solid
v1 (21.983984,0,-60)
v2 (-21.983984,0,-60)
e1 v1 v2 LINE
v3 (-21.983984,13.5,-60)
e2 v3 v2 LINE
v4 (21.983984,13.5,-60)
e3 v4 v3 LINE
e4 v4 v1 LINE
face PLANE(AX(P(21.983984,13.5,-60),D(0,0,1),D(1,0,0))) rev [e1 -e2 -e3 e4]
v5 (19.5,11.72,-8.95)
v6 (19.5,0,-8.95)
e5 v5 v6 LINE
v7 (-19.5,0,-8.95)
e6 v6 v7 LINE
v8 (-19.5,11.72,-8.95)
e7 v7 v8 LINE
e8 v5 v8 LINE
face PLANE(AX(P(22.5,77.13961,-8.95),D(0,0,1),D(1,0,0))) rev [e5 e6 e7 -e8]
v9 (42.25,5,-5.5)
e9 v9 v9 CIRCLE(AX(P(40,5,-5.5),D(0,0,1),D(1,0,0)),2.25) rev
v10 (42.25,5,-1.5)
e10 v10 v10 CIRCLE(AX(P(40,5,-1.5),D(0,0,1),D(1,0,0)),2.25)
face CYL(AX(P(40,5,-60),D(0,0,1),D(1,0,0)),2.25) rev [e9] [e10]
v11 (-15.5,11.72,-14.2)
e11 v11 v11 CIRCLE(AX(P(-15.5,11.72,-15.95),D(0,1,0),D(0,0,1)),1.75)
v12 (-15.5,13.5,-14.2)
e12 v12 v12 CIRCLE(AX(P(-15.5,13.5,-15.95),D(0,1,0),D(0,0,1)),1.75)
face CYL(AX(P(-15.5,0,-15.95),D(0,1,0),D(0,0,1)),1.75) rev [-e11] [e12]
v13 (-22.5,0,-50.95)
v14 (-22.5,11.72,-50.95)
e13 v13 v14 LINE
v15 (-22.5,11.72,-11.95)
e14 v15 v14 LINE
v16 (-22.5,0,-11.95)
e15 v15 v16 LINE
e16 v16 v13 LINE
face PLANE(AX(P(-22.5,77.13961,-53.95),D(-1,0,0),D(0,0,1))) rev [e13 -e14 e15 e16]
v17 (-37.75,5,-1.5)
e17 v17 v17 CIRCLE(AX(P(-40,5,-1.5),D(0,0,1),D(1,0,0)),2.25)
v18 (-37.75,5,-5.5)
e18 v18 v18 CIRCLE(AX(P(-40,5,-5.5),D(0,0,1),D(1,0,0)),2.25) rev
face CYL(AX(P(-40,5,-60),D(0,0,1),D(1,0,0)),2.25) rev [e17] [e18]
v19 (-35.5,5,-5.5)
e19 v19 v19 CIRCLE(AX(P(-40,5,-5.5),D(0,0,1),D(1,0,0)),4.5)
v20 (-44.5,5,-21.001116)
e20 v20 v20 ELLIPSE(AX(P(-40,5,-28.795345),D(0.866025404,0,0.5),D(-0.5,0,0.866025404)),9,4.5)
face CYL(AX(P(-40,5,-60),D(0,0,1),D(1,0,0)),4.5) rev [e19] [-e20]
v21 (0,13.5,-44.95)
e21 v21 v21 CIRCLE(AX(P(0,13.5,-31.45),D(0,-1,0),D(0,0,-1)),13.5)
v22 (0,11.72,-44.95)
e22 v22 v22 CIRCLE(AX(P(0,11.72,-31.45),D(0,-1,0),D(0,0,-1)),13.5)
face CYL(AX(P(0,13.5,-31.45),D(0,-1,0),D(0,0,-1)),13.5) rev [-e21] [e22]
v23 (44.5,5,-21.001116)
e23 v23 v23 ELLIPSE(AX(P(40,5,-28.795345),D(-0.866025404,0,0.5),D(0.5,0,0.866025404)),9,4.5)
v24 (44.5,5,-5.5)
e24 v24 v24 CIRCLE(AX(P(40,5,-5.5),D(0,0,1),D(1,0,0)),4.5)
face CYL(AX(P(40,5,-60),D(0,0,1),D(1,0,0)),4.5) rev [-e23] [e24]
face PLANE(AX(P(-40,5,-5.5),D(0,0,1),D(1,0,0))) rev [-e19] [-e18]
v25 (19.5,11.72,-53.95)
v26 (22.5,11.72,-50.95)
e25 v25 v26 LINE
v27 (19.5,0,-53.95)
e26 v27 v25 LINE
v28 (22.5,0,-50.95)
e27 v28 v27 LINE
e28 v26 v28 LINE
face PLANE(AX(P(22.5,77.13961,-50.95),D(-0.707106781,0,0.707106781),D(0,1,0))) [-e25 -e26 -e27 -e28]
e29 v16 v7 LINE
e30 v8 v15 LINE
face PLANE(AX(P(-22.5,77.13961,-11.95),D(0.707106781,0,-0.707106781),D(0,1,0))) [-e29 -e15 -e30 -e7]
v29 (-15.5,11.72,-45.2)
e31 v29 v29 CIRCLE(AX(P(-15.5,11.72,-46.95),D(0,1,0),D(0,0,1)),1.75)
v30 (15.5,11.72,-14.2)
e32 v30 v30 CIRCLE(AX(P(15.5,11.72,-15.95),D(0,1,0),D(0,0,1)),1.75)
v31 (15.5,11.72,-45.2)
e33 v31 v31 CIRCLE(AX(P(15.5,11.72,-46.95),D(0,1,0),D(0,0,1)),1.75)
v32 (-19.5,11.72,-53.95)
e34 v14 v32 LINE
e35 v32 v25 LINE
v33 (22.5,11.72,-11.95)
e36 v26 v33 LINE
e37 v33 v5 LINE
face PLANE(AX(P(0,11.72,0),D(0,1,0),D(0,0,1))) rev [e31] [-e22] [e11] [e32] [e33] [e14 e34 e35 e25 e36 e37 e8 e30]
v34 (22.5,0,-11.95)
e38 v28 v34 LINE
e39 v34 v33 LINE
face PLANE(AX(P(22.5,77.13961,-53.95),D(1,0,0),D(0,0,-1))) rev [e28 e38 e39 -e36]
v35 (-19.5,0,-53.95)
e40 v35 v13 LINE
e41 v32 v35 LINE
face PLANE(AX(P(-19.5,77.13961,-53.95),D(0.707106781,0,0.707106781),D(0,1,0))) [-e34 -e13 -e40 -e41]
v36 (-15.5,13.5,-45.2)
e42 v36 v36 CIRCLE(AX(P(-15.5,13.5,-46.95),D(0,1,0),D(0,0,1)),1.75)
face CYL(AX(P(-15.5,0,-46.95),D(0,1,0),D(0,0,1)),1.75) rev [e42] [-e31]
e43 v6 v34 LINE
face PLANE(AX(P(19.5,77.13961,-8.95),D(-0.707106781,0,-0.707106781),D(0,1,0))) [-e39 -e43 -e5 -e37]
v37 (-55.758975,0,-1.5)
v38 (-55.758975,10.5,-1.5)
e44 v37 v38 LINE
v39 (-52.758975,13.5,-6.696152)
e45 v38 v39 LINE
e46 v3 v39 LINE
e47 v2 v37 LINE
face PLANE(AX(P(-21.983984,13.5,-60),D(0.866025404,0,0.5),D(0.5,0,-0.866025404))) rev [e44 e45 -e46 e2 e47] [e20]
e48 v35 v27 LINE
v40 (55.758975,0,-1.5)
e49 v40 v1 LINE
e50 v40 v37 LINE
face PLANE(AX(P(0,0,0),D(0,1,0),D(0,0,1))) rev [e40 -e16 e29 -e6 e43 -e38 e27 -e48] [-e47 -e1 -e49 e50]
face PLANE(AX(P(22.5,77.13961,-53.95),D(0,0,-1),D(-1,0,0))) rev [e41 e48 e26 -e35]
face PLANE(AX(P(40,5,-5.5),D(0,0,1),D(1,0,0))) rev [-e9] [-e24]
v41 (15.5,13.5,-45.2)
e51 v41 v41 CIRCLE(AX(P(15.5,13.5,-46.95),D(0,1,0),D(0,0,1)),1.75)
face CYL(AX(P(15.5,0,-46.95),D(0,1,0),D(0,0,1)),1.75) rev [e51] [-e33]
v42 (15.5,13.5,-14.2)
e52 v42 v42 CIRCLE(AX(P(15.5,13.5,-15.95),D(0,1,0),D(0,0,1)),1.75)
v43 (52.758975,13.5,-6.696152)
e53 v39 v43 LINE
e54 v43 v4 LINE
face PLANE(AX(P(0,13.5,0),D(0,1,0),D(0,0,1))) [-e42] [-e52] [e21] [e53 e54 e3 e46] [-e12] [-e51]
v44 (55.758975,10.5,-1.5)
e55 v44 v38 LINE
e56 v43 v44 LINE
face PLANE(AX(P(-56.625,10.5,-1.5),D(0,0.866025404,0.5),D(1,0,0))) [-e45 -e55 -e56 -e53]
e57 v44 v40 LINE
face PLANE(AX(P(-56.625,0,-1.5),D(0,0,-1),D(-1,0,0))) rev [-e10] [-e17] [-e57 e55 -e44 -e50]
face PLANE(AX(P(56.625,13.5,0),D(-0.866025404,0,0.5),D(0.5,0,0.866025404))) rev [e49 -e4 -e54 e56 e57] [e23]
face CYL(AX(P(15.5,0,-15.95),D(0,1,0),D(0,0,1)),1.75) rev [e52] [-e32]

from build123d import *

# Parameters (mm, degrees)
BOSS_EXTRUDE1_DEPTH = 13.5
SKETCH2_W           = 45
SKETCH2_H           = 45
CUT_EXTRUDE1_DEPTH  = 11.72
SKETCH3_R           = 13.5
CUT_EXTRUDE2_DEPTH  = 84.329160712
CHAMFER1_SIZE       = 3
SKETCH7_W           = 113.25
SKETCH7_H           = 1.5
CUT_EXTRUDE4_DEPTH  = 84.598089841
CHAMFER2_SIZE       = 3
CHAMFER2_SIZE2      = 5.196152423
SKETCH8_R           = 2.25
CUT_EXTRUDE5_DEPTH  = 82.936336555
CUT_EXTRUDE6_START  = -4
SKETCH9_R           = 4.5
CUT_EXTRUDE6_DEPTH  = 78.936336555
SKETCH5_R           = 1.75
CUT_EXTRUDE7_DEPTH  = 84.013934059


with BuildPart() as part:
    # Sketch1 → Boss-Extrude1 (new body)
    with BuildSketch(Plane(origin=(0, 0, 0), x_dir=(1, 0, 0), z_dir=(0, 1, 0))):
        Polygon((-56.625, 0), (56.625, 0), (21.983983849, 60), (-21.983983849, 60), align=None)
    extrude(amount=BOSS_EXTRUDE1_DEPTH)

    # Sketch2 → Cut-Extrude1 (cut)
    with BuildSketch(Plane.XZ):
        with Locations((0, -31.45)):
            Rectangle(SKETCH2_W, SKETCH2_H)
    extrude(amount=-CUT_EXTRUDE1_DEPTH, mode=Mode.SUBTRACT)

    # Sketch3 → Cut-Extrude2 (cut, through all)
    with BuildSketch(Plane.XZ.offset(-11.72)):
        with Locations(Location((0, -31.45, 0), (0, 0, 270))):
            Circle(SKETCH3_R)
    extrude(amount=-CUT_EXTRUDE2_DEPTH, mode=Mode.SUBTRACT)

    # Chamfer1
    chamfer1_edges = [part.edges().sort_by_distance(p)[0] for p in [
        (-22.5, 5.86, -8.95),
        (-22.5, 5.86, -53.95),
        (22.5, 5.86, -53.95),
        (22.5, 5.86, -8.95),
    ]]
    chamfer(chamfer1_edges, length=CHAMFER1_SIZE)

    # Sketch7 → Cut-Extrude4 (cut, through all)
    with BuildSketch(Plane(origin=(0, 13.5, 0), x_dir=(1, 0, 0), z_dir=(0, 1, 0))):
        with Locations((0, 0.75)):
            Rectangle(SKETCH7_W, SKETCH7_H)
    extrude(amount=-CUT_EXTRUDE4_DEPTH, mode=Mode.SUBTRACT)

    # Chamfer2
    chamfer2_edges = [part.edges().sort_by_distance(p)[0] for p in [
        (0, 13.5, -1.5),
    ]]
    chamfer2_side = [part.faces().sort_by_distance(p)[0] for p in [
        (0, 6.75, -1.5),
    ]]
    chamfer(chamfer2_edges, length=CHAMFER2_SIZE, length2=CHAMFER2_SIZE2, reference=chamfer2_side[0])

    # Sketch8 → Cut-Extrude5 (cut, through all)
    with BuildSketch(Plane.XY.offset(-1.5)):
        with Locations((-40, 5)):
            Circle(SKETCH8_R)
        with Locations((40, 5)):
            Circle(SKETCH8_R)
    extrude(amount=-CUT_EXTRUDE5_DEPTH, mode=Mode.SUBTRACT)

    # Sketch9 → Cut-Extrude6 (cut, through all)
    with BuildSketch(Plane.XY.offset(-1.5).offset(CUT_EXTRUDE6_START)):
        with Locations((-40, 5)):
            Circle(SKETCH9_R)
        with Locations((40, 5)):
            Circle(SKETCH9_R)
    extrude(amount=-CUT_EXTRUDE6_DEPTH, mode=Mode.SUBTRACT)

    # Sketch5 → Cut-Extrude7 (cut, through all)
    with BuildSketch(Plane(origin=(0, 13.5, 0), x_dir=(1, 0, 0), z_dir=(0, 1, 0))):
        with Locations(Location((15.5, 46.95, 0), (0, 0, 270))):
            Circle(SKETCH5_R)
        with Locations(Location((15.5, 15.95, 0), (0, 0, 270))):
            Circle(SKETCH5_R)
        with Locations(Location((-15.5, 15.95, 0), (0, 0, 270))):
            Circle(SKETCH5_R)
        with Locations(Location((-15.5, 46.95, 0), (0, 0, 270))):
            Circle(SKETCH5_R)
    extrude(amount=-CUT_EXTRUDE7_DEPTH, mode=Mode.SUBTRACT)


solid = part.part
